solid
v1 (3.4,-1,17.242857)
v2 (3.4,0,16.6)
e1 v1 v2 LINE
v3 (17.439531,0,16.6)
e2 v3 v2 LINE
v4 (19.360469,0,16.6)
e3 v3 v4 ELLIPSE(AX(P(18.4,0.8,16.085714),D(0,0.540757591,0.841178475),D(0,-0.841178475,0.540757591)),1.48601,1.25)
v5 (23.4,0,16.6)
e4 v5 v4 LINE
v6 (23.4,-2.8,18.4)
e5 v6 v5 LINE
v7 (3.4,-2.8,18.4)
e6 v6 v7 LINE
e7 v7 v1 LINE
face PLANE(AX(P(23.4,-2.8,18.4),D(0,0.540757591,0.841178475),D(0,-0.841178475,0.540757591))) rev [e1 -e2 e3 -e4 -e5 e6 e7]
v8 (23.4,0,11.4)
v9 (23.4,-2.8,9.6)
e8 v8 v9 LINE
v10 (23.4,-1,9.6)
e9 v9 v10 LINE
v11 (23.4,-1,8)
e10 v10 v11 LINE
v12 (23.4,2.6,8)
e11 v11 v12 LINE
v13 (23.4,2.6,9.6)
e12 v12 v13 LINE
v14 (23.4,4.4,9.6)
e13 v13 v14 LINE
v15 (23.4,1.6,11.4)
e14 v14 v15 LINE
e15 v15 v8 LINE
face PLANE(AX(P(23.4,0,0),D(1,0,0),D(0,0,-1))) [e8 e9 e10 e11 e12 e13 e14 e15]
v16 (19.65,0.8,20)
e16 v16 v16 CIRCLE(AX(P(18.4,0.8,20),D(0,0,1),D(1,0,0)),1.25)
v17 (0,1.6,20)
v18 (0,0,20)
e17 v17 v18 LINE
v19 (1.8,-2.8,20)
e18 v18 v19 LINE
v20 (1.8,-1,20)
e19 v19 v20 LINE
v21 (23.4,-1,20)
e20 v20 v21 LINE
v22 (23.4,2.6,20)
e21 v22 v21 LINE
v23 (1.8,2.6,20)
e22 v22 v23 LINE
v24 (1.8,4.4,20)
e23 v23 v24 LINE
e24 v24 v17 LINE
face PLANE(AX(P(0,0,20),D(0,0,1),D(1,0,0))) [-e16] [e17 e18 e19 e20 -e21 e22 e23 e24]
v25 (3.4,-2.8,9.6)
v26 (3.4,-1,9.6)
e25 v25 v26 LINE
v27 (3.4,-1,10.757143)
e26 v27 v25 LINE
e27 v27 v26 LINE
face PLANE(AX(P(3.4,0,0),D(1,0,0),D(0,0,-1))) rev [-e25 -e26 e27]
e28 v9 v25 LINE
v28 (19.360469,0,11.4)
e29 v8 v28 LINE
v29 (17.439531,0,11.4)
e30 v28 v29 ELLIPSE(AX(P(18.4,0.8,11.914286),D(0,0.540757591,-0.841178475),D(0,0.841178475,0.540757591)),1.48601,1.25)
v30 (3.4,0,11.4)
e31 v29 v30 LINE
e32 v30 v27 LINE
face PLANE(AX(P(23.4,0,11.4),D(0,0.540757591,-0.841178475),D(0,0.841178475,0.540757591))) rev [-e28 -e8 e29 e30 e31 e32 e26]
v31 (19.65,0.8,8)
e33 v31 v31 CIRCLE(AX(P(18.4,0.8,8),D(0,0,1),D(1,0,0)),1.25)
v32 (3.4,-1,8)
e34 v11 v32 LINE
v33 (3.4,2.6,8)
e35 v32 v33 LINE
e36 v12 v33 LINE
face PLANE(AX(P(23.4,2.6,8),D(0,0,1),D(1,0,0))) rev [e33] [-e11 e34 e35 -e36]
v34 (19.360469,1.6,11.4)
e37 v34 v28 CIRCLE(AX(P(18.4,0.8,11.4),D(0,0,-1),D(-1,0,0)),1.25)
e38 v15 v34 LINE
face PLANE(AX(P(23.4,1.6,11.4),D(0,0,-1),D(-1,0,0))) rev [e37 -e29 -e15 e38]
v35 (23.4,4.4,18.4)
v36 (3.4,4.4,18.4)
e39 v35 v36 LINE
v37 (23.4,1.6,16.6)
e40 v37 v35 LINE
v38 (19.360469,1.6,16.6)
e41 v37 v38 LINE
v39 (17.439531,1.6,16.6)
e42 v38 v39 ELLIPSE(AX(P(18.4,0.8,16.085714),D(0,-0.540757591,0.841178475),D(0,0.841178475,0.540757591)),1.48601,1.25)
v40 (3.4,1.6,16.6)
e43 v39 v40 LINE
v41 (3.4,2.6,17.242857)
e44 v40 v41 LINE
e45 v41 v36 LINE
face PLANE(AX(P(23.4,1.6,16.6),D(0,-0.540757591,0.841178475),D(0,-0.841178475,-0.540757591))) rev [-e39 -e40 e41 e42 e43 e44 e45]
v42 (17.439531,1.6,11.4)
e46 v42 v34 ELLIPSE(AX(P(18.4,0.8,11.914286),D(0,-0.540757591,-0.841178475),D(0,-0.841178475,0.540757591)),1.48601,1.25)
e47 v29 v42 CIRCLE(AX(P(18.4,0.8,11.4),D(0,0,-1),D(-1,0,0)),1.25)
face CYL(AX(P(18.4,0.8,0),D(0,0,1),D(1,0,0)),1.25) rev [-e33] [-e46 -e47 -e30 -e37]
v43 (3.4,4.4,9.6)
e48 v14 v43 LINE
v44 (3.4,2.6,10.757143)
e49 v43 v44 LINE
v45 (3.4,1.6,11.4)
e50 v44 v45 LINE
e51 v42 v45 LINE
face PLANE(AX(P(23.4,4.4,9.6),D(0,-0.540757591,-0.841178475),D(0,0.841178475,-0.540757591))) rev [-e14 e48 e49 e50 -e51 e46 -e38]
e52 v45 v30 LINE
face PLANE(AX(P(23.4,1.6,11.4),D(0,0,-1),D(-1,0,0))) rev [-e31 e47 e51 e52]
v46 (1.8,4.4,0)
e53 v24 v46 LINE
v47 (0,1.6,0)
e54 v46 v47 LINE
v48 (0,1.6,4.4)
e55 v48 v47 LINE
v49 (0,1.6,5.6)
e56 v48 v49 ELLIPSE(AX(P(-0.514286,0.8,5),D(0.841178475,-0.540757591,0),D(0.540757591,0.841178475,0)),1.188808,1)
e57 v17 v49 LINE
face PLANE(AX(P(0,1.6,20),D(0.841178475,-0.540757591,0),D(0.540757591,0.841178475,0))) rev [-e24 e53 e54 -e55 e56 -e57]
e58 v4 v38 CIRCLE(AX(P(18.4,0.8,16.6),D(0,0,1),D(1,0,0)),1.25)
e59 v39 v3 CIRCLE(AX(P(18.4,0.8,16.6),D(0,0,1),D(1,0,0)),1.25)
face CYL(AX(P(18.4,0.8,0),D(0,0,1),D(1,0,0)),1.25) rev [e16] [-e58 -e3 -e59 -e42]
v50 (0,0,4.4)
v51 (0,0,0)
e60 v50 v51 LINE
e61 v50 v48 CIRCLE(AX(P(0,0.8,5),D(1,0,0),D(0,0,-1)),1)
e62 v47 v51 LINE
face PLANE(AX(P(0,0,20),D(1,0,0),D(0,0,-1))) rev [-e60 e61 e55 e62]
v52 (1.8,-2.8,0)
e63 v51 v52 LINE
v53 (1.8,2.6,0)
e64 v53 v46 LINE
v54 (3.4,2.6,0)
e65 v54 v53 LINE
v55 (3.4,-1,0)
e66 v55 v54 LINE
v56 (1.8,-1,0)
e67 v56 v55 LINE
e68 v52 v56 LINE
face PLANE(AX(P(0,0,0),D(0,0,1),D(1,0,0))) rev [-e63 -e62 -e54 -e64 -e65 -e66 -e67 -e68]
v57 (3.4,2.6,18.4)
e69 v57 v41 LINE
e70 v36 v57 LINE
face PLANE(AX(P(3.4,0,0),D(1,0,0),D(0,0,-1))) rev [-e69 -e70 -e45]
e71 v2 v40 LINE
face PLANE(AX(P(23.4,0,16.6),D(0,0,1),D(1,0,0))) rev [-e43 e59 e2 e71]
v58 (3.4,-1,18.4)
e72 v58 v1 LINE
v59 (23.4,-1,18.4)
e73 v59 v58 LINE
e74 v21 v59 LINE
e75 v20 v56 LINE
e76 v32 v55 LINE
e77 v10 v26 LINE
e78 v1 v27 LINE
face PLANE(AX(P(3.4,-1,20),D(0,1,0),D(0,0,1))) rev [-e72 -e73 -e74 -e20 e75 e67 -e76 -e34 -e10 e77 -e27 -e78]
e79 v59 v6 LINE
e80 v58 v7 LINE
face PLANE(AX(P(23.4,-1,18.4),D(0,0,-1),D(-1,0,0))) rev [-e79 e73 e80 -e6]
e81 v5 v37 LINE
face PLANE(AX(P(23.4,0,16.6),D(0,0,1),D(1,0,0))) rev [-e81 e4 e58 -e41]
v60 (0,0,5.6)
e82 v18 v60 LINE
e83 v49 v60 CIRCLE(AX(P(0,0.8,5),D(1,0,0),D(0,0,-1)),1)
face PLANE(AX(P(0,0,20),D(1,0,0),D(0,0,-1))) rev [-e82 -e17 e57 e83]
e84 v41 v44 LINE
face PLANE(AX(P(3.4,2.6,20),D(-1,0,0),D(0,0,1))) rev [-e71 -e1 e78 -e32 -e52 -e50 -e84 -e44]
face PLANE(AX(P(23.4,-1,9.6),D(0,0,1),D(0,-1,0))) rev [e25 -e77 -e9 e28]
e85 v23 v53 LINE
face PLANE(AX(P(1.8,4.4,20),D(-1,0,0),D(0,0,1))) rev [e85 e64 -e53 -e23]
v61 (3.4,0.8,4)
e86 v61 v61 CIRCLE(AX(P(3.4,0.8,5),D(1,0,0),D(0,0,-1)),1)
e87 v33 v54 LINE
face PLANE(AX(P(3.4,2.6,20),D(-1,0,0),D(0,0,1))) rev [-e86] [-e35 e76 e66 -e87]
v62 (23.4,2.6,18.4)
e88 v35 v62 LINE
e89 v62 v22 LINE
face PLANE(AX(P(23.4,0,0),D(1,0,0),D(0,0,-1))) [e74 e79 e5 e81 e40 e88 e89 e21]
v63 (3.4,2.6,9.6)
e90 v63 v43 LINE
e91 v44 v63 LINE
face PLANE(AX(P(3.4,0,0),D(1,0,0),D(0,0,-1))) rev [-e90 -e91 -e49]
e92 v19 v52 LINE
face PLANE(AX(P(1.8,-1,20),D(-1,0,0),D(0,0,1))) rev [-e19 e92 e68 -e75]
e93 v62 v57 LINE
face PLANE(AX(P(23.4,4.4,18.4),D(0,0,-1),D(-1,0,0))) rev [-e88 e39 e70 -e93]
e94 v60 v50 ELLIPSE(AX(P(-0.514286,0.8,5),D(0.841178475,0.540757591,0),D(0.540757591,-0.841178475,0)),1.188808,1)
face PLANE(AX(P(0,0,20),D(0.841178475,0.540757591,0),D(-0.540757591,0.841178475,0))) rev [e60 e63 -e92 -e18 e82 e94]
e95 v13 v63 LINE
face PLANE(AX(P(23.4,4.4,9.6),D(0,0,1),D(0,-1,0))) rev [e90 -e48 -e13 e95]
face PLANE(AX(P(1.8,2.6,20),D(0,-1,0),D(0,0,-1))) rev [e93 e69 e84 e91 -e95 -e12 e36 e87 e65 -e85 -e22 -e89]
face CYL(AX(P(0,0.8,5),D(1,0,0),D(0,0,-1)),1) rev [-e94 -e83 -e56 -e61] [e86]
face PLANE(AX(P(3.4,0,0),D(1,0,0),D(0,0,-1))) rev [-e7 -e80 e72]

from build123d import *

# Parameters (mm, degrees)
BOSS_EXTRU_1_DEPTH      = 20
ESQUISSE1_R             = 1
ENL_V_MAT_EXTRU_1_DEPTH = 4.4
BOSS_EXTRU_2_DEPTH      = 20
ESQUISSE3_R             = 1.25
ENL_V_MAT_EXTRU_2_DEPTH = 21


with BuildPart() as part:
    # ProfileRainureEsquisse → Boss.-Extru.1 (new body)
    with BuildSketch(Plane.XY):
        Polygon((0, 0), (0, 1.6), (1.8, 4.4), (1.8, 2.6), (3.4, 2.6), (3.4, -1), (1.8, -1), (1.8, -2.8), align=None)
    extrude(amount=BOSS_EXTRU_1_DEPTH)

    # Esquisse1 → Enlèv. mat.-Extru.1 (cut, through all)
    with BuildSketch(Plane(origin=(3.4, 0, 0), x_dir=(0, 0, -1), z_dir=(1, 0, 0))):
        with Locations((-5, 0.8)):
            Circle(ESQUISSE1_R)
    extrude(amount=-ENL_V_MAT_EXTRU_1_DEPTH, mode=Mode.SUBTRACT)

    # Esquisse2 → Boss.-Extru.2 (add)
    with BuildSketch(Plane(origin=(3.4, 0, 0), x_dir=(0, 0, -1), z_dir=(1, 0, 0))):
        Polygon((-16.6, 0), (-16.6, 1.6), (-18.4, 4.4), (-18.4, 2.6), (-20, 2.6), (-20, -1), (-18.4, -1), (-18.4, -2.8), align=None)
        Polygon((-11.4, 1.6), (-11.4, 0), (-9.6, -2.8), (-9.6, -1), (-8, -1), (-8, 2.6), (-9.6, 2.6), (-9.6, 4.4), align=None)
    extrude(amount=BOSS_EXTRU_2_DEPTH)

    # Esquisse3 → Enlèv. mat.-Extru.2 (cut, through all)
    with BuildSketch(Plane.XY.offset(20)):
        with Locations((18.4, 0.8)):
            Circle(ESQUISSE3_R)
    extrude(amount=-ENL_V_MAT_EXTRU_2_DEPTH, mode=Mode.SUBTRACT)


solid = part.part
